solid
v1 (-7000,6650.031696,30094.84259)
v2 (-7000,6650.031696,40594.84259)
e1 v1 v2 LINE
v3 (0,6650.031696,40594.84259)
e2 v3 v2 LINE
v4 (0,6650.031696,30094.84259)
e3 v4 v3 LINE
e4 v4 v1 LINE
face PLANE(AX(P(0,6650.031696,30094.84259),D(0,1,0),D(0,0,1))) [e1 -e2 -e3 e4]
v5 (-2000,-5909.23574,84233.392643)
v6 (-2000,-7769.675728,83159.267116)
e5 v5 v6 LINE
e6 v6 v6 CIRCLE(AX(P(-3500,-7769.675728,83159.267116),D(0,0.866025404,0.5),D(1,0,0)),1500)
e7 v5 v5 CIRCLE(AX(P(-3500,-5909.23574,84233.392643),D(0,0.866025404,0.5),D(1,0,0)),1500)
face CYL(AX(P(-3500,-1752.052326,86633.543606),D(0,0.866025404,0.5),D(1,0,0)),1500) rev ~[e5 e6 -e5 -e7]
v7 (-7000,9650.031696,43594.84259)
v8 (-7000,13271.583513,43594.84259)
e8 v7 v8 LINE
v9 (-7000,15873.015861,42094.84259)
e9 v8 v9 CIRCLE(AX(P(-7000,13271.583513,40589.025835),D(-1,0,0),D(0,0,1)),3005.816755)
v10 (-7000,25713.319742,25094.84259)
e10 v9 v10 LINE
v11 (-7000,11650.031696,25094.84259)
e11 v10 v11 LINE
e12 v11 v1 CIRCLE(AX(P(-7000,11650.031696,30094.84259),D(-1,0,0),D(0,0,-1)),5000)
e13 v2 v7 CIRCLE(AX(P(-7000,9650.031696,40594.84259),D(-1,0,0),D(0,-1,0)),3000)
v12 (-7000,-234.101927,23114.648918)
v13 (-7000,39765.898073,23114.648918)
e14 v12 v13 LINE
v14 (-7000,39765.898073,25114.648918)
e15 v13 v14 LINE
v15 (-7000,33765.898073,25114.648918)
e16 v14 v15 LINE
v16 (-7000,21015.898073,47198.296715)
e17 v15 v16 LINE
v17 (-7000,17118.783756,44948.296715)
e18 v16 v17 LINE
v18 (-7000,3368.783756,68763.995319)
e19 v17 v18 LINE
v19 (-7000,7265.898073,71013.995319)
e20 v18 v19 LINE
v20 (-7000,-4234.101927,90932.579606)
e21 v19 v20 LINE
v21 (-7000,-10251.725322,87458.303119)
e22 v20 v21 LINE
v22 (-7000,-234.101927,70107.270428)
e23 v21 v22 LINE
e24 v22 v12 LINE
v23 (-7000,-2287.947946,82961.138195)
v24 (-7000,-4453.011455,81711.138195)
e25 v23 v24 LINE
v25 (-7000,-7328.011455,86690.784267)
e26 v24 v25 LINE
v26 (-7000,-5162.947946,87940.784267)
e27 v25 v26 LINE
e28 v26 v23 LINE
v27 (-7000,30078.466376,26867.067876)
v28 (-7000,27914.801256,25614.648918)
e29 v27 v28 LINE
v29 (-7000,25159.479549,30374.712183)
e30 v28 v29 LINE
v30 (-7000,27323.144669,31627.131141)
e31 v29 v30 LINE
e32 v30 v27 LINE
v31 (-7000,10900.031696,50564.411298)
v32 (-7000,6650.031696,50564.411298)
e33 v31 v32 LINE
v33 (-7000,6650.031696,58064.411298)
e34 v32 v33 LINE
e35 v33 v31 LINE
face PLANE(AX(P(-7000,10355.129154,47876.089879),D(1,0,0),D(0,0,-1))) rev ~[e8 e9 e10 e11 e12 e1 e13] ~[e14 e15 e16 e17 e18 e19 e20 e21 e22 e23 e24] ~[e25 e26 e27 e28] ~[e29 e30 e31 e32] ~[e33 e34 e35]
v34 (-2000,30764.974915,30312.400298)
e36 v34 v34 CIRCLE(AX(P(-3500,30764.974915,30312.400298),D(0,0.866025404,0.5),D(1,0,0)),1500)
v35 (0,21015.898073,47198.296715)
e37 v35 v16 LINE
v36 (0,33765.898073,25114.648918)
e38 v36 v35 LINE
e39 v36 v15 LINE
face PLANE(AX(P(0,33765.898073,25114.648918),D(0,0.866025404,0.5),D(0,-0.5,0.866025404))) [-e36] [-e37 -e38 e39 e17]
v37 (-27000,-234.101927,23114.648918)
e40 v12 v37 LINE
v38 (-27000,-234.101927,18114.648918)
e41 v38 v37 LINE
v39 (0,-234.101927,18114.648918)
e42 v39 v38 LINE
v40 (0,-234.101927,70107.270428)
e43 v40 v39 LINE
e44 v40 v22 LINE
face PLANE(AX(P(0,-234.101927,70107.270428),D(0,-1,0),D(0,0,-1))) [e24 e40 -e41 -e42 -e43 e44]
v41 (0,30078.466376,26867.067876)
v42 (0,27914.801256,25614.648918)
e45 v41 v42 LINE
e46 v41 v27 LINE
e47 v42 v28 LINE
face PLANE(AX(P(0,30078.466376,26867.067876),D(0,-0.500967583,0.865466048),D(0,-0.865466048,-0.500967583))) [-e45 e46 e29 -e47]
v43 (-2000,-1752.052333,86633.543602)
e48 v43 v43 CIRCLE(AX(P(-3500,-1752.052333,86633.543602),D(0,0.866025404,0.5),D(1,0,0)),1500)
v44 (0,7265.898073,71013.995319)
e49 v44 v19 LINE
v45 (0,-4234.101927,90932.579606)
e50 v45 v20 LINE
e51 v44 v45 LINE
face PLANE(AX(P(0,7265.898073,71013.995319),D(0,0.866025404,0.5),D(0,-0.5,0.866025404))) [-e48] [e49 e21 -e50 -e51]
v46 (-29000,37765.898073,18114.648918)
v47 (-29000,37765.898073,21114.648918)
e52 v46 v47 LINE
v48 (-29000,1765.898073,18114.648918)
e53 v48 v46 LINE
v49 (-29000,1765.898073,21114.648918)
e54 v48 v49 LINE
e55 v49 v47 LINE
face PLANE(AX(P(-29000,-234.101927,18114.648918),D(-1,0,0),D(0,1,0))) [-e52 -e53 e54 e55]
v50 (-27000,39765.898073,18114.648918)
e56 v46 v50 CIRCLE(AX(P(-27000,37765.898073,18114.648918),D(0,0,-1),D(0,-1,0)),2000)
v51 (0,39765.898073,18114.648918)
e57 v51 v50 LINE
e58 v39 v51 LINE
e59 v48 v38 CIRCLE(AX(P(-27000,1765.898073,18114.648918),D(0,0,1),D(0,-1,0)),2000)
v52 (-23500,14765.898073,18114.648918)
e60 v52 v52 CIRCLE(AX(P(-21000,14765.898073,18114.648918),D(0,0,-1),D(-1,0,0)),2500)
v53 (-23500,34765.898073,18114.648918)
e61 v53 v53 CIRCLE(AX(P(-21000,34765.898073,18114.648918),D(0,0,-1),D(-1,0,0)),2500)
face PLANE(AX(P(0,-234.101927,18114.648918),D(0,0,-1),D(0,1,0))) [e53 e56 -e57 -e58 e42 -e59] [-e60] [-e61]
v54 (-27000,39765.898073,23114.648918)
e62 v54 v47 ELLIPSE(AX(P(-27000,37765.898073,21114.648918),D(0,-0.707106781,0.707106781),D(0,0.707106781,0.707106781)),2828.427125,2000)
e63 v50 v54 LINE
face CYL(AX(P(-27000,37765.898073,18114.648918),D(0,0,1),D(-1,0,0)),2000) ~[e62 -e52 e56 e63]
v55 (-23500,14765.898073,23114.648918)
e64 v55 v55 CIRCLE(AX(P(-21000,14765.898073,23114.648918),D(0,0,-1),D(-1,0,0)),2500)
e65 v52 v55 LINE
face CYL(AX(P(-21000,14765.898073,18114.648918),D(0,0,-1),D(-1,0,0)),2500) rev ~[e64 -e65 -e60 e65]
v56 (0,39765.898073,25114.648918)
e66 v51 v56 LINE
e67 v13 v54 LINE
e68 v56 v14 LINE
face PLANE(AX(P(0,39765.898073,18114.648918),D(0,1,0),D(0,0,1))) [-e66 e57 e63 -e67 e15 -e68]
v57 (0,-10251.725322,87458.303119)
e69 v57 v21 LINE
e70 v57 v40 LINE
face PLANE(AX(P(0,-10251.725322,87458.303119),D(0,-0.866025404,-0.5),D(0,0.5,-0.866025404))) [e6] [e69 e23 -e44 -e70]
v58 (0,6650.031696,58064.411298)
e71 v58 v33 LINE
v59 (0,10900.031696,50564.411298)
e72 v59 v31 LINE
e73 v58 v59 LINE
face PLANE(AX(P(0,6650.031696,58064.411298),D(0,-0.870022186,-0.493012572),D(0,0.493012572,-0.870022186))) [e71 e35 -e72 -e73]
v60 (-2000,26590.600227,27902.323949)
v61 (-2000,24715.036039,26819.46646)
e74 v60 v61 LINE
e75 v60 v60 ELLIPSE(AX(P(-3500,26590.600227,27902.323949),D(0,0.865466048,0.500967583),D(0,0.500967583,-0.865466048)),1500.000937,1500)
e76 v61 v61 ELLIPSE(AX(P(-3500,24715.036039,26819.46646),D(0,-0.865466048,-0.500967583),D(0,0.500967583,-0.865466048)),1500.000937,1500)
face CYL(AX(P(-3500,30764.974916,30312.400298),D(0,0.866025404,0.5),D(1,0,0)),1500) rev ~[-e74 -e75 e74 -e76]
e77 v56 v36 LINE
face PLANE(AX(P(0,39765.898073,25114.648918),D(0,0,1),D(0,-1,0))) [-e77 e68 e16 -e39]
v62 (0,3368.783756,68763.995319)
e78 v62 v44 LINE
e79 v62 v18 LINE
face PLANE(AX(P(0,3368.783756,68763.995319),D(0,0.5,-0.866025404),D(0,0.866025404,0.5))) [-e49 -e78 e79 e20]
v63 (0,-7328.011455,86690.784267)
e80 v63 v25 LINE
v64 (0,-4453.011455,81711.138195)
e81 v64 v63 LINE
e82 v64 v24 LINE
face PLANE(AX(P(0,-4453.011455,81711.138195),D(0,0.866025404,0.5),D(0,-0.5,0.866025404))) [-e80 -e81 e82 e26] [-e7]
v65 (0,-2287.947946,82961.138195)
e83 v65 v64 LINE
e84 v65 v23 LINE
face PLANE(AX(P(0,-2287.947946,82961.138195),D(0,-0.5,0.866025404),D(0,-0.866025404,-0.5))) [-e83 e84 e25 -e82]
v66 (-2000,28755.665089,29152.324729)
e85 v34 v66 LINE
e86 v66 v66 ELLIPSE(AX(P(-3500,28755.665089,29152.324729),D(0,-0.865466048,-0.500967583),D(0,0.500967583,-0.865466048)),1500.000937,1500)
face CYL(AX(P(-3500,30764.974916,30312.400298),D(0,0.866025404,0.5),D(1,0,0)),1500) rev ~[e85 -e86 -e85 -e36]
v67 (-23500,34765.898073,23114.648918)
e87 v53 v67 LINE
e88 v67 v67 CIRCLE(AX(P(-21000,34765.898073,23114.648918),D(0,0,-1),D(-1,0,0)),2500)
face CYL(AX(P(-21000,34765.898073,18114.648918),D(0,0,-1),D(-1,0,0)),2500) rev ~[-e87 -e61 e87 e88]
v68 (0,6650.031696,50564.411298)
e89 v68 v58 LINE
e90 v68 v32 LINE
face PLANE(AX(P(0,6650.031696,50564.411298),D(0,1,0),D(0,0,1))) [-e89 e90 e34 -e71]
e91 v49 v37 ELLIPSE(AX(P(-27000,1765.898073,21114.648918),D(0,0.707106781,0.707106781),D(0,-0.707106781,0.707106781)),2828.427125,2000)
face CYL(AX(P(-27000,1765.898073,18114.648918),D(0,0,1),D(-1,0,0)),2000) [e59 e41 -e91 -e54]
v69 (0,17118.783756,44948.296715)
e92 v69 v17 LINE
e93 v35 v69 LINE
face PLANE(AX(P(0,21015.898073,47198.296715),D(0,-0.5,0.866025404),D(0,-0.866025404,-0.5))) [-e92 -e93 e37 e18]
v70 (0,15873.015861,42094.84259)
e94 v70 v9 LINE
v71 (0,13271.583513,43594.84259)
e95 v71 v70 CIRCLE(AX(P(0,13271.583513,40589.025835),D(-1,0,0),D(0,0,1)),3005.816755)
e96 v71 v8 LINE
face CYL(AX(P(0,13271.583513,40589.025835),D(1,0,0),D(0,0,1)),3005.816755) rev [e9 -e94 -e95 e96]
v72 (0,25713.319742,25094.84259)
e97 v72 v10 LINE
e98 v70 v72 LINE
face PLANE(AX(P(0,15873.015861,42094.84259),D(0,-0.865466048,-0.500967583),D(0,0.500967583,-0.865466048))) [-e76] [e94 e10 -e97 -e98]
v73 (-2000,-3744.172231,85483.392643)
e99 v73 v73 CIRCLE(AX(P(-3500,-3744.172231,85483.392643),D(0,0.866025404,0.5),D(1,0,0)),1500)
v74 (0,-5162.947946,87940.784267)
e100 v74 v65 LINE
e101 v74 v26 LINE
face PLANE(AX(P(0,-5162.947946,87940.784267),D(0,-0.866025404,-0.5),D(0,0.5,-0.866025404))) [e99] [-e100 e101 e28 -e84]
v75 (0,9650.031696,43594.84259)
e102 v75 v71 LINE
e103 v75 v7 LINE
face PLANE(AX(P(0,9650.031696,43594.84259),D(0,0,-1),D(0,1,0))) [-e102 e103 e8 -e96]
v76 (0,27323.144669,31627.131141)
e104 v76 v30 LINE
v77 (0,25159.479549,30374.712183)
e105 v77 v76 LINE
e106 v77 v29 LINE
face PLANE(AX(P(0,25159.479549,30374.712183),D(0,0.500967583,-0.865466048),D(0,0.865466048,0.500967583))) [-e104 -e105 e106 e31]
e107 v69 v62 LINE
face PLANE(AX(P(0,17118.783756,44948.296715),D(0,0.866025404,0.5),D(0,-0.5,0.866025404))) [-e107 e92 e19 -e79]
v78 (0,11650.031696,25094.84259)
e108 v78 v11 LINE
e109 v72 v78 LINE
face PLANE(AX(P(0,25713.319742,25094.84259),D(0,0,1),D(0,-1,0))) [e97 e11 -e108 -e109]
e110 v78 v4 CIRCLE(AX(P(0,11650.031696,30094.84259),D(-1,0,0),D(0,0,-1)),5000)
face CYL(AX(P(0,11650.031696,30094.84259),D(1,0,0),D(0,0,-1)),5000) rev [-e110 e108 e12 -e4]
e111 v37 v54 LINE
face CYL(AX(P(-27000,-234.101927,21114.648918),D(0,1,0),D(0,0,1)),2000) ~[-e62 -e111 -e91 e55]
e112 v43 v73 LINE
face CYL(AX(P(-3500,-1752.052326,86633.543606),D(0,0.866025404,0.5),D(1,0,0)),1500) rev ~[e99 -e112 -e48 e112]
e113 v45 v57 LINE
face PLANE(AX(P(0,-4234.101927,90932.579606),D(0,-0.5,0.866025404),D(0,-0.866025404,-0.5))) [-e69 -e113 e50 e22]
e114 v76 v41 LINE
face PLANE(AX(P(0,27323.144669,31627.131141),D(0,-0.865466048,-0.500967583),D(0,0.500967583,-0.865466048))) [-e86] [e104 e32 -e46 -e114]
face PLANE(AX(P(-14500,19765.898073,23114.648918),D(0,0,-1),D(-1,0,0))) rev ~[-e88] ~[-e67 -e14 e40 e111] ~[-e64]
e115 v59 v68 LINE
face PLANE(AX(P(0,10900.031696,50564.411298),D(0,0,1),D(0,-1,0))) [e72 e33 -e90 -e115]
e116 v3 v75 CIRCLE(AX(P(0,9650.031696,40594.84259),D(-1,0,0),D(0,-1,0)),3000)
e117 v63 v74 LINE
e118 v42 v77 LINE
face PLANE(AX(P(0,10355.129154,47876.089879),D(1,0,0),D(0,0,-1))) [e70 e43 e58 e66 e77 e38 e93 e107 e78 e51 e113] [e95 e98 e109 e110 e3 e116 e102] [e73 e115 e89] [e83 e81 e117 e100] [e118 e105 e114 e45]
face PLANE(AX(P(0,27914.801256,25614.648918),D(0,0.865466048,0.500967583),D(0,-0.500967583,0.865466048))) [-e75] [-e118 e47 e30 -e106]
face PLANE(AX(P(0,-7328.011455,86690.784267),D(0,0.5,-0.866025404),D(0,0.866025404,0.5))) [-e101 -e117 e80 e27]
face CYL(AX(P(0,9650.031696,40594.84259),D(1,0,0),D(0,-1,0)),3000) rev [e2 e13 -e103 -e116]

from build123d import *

# Parameters (mm, degrees)
BOSS_EXTRUDE1_DEPTH = 7000
SKETCH8_W           = 29000
SKETCH8_H           = 40000
SKETCH8_R           = 2500
BOSS_EXTRUDE3_DEPTH = 5000
FILLET1_R           = 2000
SKETCH9_R           = 1500
CUT_EXTRUDE1_DEPTH  = 7500


with BuildPart() as part:
    # Sketch1 → Boss-Extrude1 (new body)
    with BuildSketch(Plane(origin=(0, 0, 0), x_dir=(0, 0, -1), z_dir=(1, 0, 0))):
        Polygon((-71013.995318758, 7265.898072848), (-90932.579605801, -4234.101927152), (-87458.303118855, -10251.725322083), (-70107.270427744, -234.101927152), (-18114.648918183, -234.101927152), (-18114.648918183, 39765.898072848), (-25114.648918183, 39765.898072848), (-25114.648918183, 33765.898072848), (-47198.296714686, 21015.898072848), (-44948.296714686, 17118.783755818), (-68763.995318758, 3368.783755818), align=None)
        Polygon((-86690.784266902, -7328.011455498), (-87940.784266902, -5162.947946037), (-82961.138195142, -2287.947946037), (-81711.138195142, -4453.011455498), align=None, mode=Mode.SUBTRACT)
        Polygon((-50564.411297588, 6650.031696168), (-58064.411297588, 6650.031696168), (-50564.411297588, 10900.031696168), align=None, mode=Mode.SUBTRACT)
        with BuildLine():
            Line((-42094.842589731, 15873.015861461), (-25094.842589731, 25713.319742243))
            Line((-25094.842589731, 25713.319742243), (-25094.842589731, 11650.031696168))
            ThreePointArc((-25094.842589731, 11650.031696168), (-26559.308683798, 8114.497790235), (-30094.842589731, 6650.031696168))
            Line((-30094.842589731, 6650.031696168), (-40594.842589731, 6650.031696168))
            ThreePointArc((-40594.842589731, 6650.031696168), (-42716.16293329, 7528.711352608), (-43594.842589731, 9650.031696168))
            Line((-43594.842589731, 9650.031696168), (-43594.842589731, 13271.583512645))
            ThreePointArc((-43594.842589731, 13271.583512645), (-43192.9789446, 14773.036997228), (-42094.842589731, 15873.015861461))
        make_face(mode=Mode.SUBTRACT)
        Polygon((-30374.7121835, 25159.479548575), (-31627.131141319, 27323.144669173), (-26867.067876003, 30078.466376377), (-25614.648918183, 27914.801255779), align=None, mode=Mode.SUBTRACT)
    extrude(amount=-BOSS_EXTRUDE1_DEPTH)

    # Sketch8 → Boss-Extrude3 (add)
    with BuildSketch(Plane(origin=(0, 0, 18114.648918183), x_dir=(-1, 0, 0), z_dir=(0, 0, -1))):
        with Locations((14500, 19765.898072848)):
            Rectangle(SKETCH8_W, SKETCH8_H)
        with Locations((21000, 14765.898072848)):
            Circle(SKETCH8_R, mode=Mode.SUBTRACT)
        with Locations((21000, 34765.898072848)):
            Circle(SKETCH8_R, mode=Mode.SUBTRACT)
    extrude(amount=-BOSS_EXTRUDE3_DEPTH)

    # Fillet1
    fillet1_edges = [part.edges().sort_by_distance(p)[0] for p in [
        (-29000, -234.101927152, 20614.648918183),
        (-29000, 19765.898072848, 23114.648918183),
        (-29000, 39765.898072848, 20614.648918183),
    ]]
    fillet(fillet1_edges, radius=FILLET1_R)

    # Sketch9 → Cut-Extrude1 (cut)
    with BuildSketch(Plane(origin=(0, 36199.385539773, 20899.724985887), x_dir=(1, 0, 0), z_dir=(0, 0.866025404, 0.5))):
        with Locations((-3500, -10868.821249998)):
            Circle(SKETCH9_R)
        with Locations((-3500, -75902.875745792)):
            Circle(SKETCH9_R)
    extrude(amount=-CUT_EXTRUDE1_DEPTH, mode=Mode.SUBTRACT)


solid = part.part
